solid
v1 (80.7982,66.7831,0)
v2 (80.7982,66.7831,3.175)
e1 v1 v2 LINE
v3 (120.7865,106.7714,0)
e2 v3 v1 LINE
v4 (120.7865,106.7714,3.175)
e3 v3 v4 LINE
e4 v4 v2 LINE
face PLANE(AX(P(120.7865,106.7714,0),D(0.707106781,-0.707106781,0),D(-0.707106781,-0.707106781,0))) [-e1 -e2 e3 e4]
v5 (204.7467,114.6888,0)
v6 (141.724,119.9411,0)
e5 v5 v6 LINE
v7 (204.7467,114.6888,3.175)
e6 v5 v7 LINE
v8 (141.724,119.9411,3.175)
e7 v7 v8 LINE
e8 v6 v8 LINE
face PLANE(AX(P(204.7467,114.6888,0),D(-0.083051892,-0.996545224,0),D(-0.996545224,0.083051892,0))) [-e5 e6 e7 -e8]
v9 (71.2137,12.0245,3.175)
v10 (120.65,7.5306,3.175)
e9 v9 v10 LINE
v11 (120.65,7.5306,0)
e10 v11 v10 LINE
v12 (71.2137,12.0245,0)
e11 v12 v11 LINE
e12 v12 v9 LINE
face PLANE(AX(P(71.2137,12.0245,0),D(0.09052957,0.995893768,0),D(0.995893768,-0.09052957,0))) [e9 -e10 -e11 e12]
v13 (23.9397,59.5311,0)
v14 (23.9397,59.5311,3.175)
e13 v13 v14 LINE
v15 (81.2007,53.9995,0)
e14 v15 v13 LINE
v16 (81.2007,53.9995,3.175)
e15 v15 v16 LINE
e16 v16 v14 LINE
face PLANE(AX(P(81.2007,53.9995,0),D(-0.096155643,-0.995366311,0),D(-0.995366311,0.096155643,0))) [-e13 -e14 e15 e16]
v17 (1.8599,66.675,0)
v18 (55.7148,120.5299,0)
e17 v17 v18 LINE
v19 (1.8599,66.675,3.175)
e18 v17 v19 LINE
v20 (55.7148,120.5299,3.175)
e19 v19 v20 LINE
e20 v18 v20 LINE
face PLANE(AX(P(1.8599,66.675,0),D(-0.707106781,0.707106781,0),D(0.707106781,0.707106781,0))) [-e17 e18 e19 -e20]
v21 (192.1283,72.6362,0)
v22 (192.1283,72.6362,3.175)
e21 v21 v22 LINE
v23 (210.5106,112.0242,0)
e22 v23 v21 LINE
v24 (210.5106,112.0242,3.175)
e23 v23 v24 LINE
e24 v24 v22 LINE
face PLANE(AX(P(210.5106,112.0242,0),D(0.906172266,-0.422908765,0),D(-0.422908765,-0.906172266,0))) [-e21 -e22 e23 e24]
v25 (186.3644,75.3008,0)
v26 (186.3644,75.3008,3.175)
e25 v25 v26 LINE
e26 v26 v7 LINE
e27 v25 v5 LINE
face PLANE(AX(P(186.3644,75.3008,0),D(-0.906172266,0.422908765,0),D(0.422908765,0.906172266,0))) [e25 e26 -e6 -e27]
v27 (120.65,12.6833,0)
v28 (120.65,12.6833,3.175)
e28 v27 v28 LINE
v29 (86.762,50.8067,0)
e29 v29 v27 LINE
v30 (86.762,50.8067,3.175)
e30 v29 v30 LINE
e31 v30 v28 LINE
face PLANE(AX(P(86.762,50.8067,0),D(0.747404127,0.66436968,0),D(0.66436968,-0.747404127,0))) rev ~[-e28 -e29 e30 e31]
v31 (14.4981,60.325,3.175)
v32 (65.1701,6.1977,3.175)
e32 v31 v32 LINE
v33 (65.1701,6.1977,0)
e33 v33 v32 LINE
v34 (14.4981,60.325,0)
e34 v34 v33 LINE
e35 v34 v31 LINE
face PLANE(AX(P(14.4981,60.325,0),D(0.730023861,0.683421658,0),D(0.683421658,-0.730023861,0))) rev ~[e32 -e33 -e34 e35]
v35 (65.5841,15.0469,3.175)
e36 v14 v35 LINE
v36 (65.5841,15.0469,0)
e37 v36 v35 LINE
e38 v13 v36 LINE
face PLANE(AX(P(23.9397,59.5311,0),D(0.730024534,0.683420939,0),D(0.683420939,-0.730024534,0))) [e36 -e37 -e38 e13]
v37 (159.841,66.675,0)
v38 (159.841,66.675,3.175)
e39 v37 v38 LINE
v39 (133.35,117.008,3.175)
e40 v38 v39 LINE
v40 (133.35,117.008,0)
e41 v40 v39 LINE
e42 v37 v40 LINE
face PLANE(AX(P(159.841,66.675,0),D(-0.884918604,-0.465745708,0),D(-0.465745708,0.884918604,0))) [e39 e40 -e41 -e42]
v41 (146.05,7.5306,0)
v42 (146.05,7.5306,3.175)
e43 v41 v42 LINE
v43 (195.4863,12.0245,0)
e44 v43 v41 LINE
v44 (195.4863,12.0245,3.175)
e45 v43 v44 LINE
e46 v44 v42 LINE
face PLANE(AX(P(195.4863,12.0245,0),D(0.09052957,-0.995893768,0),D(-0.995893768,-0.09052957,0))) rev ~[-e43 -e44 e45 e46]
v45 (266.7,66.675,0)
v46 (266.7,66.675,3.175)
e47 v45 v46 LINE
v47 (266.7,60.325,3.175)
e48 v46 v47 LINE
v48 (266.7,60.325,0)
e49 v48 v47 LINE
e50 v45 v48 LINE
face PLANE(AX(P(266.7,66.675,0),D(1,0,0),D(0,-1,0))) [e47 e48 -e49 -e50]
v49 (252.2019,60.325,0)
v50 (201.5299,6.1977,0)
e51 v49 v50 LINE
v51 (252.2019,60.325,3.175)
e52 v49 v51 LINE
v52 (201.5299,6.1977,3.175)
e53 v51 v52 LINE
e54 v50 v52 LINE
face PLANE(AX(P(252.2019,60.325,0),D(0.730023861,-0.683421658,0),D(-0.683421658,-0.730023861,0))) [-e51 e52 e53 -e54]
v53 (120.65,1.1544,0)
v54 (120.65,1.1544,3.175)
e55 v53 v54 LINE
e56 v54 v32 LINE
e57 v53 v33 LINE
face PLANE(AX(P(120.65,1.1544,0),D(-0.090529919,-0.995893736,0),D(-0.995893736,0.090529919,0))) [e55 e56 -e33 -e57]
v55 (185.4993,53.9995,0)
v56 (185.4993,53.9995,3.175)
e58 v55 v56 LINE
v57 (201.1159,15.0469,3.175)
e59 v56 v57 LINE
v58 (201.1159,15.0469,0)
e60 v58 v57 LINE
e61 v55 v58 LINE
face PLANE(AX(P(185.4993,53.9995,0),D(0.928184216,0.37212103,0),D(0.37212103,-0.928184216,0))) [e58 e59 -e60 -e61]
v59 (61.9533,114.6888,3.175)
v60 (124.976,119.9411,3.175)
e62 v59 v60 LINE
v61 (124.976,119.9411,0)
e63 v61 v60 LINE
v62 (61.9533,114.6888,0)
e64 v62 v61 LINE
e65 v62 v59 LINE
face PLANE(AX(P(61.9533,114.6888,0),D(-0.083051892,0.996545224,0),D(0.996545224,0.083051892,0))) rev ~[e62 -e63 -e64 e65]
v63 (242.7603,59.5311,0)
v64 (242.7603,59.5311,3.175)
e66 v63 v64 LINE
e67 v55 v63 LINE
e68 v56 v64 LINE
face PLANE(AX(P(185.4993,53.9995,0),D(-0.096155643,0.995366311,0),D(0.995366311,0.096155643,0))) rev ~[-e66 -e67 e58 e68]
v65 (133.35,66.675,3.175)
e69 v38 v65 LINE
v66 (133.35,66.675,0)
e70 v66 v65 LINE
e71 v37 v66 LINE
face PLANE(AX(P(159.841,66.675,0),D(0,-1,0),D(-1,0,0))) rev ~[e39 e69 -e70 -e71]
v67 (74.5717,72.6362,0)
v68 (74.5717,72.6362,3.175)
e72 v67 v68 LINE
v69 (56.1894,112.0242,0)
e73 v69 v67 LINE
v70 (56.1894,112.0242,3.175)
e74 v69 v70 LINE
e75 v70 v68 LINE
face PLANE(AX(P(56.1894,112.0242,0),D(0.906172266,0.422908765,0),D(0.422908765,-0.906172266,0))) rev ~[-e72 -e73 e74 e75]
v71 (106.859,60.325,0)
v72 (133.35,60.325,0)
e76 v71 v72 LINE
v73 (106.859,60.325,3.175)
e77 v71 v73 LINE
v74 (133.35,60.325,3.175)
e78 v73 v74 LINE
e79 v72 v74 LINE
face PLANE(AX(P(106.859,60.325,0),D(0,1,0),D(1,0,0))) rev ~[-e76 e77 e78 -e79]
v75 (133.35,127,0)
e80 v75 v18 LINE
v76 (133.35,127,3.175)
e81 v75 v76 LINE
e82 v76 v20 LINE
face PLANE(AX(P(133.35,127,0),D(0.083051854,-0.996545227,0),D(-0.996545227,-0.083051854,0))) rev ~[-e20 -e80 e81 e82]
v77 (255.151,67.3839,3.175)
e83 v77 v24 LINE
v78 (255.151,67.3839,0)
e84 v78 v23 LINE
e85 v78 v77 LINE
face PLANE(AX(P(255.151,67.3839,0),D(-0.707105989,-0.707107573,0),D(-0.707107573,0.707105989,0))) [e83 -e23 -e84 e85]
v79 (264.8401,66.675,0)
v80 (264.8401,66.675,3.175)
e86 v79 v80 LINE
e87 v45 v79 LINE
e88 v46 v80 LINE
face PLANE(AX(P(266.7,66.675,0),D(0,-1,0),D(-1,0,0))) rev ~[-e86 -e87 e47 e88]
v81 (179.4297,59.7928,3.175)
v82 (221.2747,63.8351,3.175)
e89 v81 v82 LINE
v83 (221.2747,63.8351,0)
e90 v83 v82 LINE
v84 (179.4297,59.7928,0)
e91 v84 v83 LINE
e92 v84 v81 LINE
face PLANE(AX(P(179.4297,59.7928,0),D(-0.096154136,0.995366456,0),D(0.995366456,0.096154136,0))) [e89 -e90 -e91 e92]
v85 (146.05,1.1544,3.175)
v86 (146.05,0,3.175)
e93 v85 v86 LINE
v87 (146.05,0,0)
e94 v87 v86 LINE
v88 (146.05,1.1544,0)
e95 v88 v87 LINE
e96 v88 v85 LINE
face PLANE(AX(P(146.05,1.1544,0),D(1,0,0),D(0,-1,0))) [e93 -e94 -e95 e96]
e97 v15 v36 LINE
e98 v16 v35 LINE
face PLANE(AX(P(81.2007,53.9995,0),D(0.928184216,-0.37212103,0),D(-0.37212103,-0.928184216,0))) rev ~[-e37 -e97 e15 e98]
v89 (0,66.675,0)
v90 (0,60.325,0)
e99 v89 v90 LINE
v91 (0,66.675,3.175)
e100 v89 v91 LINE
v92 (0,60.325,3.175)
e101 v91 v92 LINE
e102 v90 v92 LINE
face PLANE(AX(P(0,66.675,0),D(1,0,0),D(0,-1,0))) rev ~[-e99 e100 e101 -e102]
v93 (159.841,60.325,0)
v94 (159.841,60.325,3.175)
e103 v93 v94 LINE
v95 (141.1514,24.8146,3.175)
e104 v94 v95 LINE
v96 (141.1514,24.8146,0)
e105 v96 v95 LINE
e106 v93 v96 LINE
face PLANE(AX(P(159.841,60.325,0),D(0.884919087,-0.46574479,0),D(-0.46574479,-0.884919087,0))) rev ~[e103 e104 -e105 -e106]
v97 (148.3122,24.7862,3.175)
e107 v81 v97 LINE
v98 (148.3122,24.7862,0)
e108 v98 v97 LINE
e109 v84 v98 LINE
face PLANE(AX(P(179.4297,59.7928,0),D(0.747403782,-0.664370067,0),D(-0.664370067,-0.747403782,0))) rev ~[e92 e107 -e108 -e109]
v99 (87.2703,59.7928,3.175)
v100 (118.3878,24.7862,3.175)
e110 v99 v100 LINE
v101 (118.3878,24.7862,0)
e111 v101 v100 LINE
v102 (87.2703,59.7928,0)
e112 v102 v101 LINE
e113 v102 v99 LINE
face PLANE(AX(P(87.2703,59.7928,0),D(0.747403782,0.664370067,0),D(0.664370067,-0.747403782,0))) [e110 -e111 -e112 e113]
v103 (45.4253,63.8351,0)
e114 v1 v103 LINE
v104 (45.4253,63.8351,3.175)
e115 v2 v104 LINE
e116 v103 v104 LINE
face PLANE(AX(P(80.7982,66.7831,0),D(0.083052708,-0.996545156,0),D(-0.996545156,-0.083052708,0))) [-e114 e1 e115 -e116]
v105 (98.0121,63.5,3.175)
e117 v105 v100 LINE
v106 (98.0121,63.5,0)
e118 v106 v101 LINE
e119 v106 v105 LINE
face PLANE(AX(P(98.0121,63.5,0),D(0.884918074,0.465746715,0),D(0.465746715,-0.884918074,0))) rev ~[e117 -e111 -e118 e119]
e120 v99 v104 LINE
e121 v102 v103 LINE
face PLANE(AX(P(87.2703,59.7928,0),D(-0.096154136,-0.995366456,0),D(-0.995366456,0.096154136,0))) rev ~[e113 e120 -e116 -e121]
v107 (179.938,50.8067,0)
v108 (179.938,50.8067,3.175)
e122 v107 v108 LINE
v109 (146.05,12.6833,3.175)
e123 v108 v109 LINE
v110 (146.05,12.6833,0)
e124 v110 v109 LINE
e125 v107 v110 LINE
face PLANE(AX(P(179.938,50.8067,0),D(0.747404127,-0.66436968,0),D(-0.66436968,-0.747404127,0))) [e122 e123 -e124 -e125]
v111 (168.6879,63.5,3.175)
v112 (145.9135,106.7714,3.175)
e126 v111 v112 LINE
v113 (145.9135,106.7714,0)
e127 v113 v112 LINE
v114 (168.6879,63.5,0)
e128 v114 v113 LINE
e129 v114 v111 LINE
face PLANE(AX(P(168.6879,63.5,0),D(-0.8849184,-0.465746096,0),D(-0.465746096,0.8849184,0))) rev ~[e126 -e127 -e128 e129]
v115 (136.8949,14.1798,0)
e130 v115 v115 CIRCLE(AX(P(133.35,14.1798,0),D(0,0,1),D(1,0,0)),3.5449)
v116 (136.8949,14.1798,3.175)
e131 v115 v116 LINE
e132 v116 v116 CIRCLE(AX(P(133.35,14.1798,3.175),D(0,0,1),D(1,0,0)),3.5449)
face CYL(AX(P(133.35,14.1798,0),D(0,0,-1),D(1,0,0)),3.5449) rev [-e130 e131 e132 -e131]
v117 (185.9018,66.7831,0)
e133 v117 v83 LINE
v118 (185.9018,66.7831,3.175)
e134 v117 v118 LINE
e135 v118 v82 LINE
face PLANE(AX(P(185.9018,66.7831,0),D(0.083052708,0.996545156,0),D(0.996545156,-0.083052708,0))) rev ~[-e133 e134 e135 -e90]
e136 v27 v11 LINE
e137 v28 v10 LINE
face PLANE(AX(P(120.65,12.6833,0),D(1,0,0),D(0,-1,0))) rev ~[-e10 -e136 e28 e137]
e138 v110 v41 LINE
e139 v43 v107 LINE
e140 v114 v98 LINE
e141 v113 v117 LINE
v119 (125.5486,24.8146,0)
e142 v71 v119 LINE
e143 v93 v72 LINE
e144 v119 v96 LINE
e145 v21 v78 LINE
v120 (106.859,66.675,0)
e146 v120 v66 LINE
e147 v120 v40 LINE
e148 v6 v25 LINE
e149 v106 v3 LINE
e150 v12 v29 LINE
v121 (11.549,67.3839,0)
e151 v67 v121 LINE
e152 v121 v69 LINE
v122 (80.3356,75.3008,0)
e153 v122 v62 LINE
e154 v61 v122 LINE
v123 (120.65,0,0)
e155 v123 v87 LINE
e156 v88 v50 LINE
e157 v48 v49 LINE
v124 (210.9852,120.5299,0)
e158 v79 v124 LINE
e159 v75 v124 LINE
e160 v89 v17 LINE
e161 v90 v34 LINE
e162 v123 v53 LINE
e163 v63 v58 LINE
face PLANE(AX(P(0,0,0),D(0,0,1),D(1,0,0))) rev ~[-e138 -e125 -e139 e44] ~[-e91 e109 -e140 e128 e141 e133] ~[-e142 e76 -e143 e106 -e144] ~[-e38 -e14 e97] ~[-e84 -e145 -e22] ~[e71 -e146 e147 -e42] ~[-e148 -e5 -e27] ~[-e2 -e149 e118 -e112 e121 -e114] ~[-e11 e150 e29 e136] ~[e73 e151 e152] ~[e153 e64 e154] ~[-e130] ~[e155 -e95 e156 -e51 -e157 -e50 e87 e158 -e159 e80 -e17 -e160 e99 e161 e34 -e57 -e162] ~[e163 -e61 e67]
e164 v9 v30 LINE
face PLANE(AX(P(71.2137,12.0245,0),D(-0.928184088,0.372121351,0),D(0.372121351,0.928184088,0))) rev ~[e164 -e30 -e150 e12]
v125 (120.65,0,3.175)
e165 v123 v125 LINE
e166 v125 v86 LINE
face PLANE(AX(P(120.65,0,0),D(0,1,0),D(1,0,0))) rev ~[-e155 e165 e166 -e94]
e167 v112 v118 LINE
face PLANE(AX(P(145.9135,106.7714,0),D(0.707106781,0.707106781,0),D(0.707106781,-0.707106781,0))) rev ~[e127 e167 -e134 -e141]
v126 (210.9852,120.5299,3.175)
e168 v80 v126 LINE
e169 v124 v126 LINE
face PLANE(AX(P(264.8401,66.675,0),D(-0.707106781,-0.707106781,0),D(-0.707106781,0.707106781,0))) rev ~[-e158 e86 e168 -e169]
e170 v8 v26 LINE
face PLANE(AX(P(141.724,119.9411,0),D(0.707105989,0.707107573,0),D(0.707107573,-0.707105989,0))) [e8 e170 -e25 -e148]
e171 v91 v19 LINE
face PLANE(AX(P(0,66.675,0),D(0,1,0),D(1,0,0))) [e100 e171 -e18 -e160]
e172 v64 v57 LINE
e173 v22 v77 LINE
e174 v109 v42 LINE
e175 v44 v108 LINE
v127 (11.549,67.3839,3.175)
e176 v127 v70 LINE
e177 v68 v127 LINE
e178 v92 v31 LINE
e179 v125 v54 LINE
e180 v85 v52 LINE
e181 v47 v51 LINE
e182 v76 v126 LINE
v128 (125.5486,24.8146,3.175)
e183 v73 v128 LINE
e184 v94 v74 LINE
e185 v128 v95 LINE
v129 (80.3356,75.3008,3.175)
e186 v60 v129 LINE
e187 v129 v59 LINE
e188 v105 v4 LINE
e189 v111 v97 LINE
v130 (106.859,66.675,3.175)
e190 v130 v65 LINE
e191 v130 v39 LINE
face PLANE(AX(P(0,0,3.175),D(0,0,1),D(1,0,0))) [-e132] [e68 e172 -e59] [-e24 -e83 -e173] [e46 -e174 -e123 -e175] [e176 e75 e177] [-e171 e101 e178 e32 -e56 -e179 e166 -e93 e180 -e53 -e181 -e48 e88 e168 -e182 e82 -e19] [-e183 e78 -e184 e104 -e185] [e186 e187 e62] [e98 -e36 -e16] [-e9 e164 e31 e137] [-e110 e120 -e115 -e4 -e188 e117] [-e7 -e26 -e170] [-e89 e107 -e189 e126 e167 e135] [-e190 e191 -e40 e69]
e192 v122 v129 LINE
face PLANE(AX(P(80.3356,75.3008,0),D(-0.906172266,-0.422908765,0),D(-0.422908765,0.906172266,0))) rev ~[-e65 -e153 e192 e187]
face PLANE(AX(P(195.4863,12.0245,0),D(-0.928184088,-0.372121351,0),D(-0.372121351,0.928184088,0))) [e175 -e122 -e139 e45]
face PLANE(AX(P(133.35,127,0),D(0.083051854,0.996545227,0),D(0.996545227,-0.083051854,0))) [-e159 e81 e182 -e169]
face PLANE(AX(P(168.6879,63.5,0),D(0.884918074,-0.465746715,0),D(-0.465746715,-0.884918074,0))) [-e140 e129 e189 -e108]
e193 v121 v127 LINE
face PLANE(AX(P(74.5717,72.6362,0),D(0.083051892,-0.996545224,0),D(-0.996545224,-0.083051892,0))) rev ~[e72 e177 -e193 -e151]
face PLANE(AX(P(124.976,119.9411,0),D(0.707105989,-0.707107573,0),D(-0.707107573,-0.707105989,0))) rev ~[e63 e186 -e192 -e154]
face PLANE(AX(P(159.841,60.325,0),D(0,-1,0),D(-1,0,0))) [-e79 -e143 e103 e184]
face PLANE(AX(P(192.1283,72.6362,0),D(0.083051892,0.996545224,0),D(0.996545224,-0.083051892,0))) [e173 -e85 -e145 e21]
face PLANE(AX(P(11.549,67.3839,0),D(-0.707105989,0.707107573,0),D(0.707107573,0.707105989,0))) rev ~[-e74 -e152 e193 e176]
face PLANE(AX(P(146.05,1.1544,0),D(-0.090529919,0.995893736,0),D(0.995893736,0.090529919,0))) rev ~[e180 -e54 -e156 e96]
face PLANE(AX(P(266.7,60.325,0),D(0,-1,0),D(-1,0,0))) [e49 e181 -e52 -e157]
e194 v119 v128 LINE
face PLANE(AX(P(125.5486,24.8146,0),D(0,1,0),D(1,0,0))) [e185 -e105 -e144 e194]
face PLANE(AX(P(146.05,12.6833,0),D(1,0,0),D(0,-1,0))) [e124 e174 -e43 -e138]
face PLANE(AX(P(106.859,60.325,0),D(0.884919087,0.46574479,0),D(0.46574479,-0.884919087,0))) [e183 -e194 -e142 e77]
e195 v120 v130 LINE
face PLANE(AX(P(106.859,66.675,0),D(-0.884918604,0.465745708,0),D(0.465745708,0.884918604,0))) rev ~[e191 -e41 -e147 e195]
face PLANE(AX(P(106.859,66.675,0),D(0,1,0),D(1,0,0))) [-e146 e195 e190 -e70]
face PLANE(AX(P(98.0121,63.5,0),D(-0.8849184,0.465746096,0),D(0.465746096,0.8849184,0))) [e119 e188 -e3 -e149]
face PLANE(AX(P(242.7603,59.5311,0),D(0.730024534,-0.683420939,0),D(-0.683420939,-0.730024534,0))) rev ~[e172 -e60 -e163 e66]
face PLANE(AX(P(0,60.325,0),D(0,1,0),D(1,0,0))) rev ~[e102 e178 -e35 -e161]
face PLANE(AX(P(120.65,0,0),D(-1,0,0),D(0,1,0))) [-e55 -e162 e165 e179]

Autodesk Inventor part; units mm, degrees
ref_plane "YZ Plane" through (0, 0, 0) normal (1, 0, 0) x (0, 1, 0)
ref_plane "XZ Plane" through (0, 0, 0) normal (0, 1, 0) x (-1, 0, 0)
ref_plane "XY Plane" through (0, 0, 0) normal (0, 0, 1) x (1, 0, 0)
sketch "Sketch1" plane through (0, 0, 0) normal (0, 0, 1) x (1, 0, 0)
  line L0 (0, 0) -> (266.7, 0) construction
  line L1 (266.7, 0) -> (266.7, 127) construction
  line L2 (266.7, 127) -> (0, 127) construction
  line L3 (0, 127) -> (0, 0) construction
  line L4 (3.175, 63.5) -> (57.1495, 117.4745) construction
  line L5 (3.175, 63.5) -> (61.6477, 63.5) construction
  line L6 (133.35, 123.825) -> (209.5505, 117.4745) construction
  line L7 (133.35, 123.825) -> (154.8013, 123.825) construction
  line L8 (133.35, 123.825) -> (57.1495, 117.4745) construction
  line L9 (133.35, 123.825) -> (241.0197, 123.825) construction
  line L10 (133.35, 123.825) -> (79.3755, 69.8505) construction
  line L11 (3.175, 63.5) -> (79.3755, 69.8505) construction
  line L12 (3.175, 63.5) -> (58.3803, 63.5) construction
  line L13 (57.1495, 117.4745) -> (79.3755, 69.8505) construction
  line L14 (263.525, 63.5) -> (334.0804, 63.5) construction
  line L15 (263.525, 63.5) -> (356.1825, 63.5) construction
  line L16 (263.525, 63.5) -> (209.5505, 117.4745) construction
  line L17 (133.35, 123.825) -> (187.3245, 69.8505) construction
  line L18 (263.525, 63.5) -> (187.3245, 69.8505) construction
  line L19 (263.525, 63.5) -> (382.9611, 63.5) construction
  line L20 (187.3245, 69.8505) -> (209.5505, 117.4745) construction
  line L21 (101.6, 63.5) -> (165.1, 63.5) construction
  line L22 (133.35, 123.825) -> (101.6, 63.5) construction
  line L23 (165.1, 63.5) -> (133.35, 123.825) construction
  line L24 (101.6, 63.5) -> (133.35, 3.175) construction
  line L25 (133.35, 3.175) -> (165.1, 63.5) construction
  line L26 (133.35, 3.175) -> (85.725, 56.7523) construction
  line L27 (133.35, 3.175) -> (205.0345, 3.175) construction
  line L28 (133.35, 3.175) -> (233.6369, 3.175) construction
  line L29 (133.35, 3.175) -> (66.675, 9.2359) construction
  line L30 (133.35, 3.175) -> (200.2999, 3.175) construction
  line L31 (66.675, 9.2359) -> (85.725, 56.7523) construction
  line L32 (3.175, 63.5) -> (15.875, 63.5) construction
  line L33 (15.875, 63.5) -> (66.675, 9.2359) construction
  line L34 (85.725, 56.7523) -> (15.875, 63.5) construction
  line L35 (133.35, 3.175) -> (133.35, 50.0944) construction
  line L36 (133.35, 3.175) -> (180.975, 56.7523) construction
  line L37 (133.35, 3.175) -> (200.025, 9.2359) construction
  line L38 (200.025, 9.2359) -> (180.975, 56.7523) construction
  line L39 (263.525, 63.5) -> (250.825, 63.5) construction
  line L40 (250.825, 63.5) -> (200.025, 9.2359) construction
  line L41 (180.975, 56.7523) -> (250.825, 63.5) construction
  line L42 (120.65, 0) -> (146.05, 0)
  circle A0 centre (133.35, 14.1798) radius 3.5449
  line L43 (0, 60.325) -> (14.4981, 60.325)
  line L44 (11.549, 67.3839) -> (56.1894, 112.0242)
  line L45 (56.1894, 112.0242) -> (74.5717, 72.6362)
  line L46 (74.5717, 72.6362) -> (11.549, 67.3839)
  line L47 (61.9533, 114.6888) -> (124.976, 119.9411)
  line L48 (124.976, 119.9411) -> (80.3356, 75.3008)
  line L49 (80.3356, 75.3008) -> (61.9533, 114.6888)
  line L50 (133.35, 127) -> (55.7148, 120.5299)
  line L51 (0, 66.675) -> (1.8599, 66.675)
  line L52 (1.8599, 66.675) -> (55.7148, 120.5299)
  line L53 (120.7865, 106.7714) -> (80.7982, 66.7831)
  line L54 (80.7982, 66.7831) -> (45.4253, 63.8351)
  line L55 (87.2703, 59.7928) -> (45.4253, 63.8351)
  line L56 (87.2703, 59.7928) -> (118.3878, 24.7862)
  line L57 (81.2007, 53.9995) -> (23.9397, 59.5311)
  line L58 (23.9397, 59.5311) -> (65.5841, 15.0469)
  line L59 (81.2007, 53.9995) -> (65.5841, 15.0469)
  line L60 (14.4981, 60.325) -> (65.1701, 6.1977)
  line L61 (0, 66.675) -> (0, 60.325)
  line L62 (120.65, 1.1544) -> (65.1701, 6.1977)
  line L63 (71.2137, 12.0245) -> (86.762, 50.8067)
  line L64 (86.762, 50.8067) -> (120.65, 12.6833)
  line L65 (71.2137, 12.0245) -> (120.65, 7.5306)
  line L66 (120.65, 0) -> (120.65, 1.1544)
  line L67 (120.65, 12.6833) -> (120.65, 7.5306)
  line L68 (98.0121, 63.5) -> (118.3878, 24.7862)
  line L69 (98.0121, 63.5) -> (120.7865, 106.7714)
  line L70 (106.859, 60.325) -> (125.5486, 24.8146)
  line L71 (106.859, 66.675) -> (133.35, 117.008)
  line L72 (125.5486, 24.8146) -> (141.1514, 24.8146)
  line L73 (106.859, 60.325) -> (133.35, 60.325)
  line L74 (106.859, 66.675) -> (133.35, 66.675)
  line L75 (266.7, 60.325) -> (252.2019, 60.325)
  line L76 (255.151, 67.3839) -> (210.5106, 112.0242)
  line L77 (210.5106, 112.0242) -> (192.1283, 72.6362)
  line L78 (192.1283, 72.6362) -> (255.151, 67.3839)
  line L79 (204.7467, 114.6888) -> (141.724, 119.9411)
  line L80 (141.724, 119.9411) -> (186.3644, 75.3008)
  line L81 (186.3644, 75.3008) -> (204.7467, 114.6888)
  line L82 (133.35, 127) -> (210.9852, 120.5299)
  line L83 (266.7, 66.675) -> (264.8401, 66.675)
  line L84 (264.8401, 66.675) -> (210.9852, 120.5299)
  line L85 (145.9135, 106.7714) -> (185.9018, 66.7831)
  line L86 (185.9018, 66.7831) -> (221.2747, 63.8351)
  line L87 (179.4297, 59.7928) -> (221.2747, 63.8351)
  line L88 (179.4297, 59.7928) -> (148.3122, 24.7862)
  line L89 (185.4993, 53.9995) -> (242.7603, 59.5311)
  line L90 (242.7603, 59.5311) -> (201.1159, 15.0469)
  line L91 (185.4993, 53.9995) -> (201.1159, 15.0469)
  line L92 (252.2019, 60.325) -> (201.5299, 6.1977)
  line L93 (146.05, 1.1544) -> (201.5299, 6.1977)
  line L94 (195.4863, 12.0245) -> (179.938, 50.8067)
  line L95 (179.938, 50.8067) -> (146.05, 12.6833)
  line L96 (195.4863, 12.0245) -> (146.05, 7.5306)
  line L97 (168.6879, 63.5) -> (148.3122, 24.7862)
  line L98 (168.6879, 63.5) -> (145.9135, 106.7714)
  line L99 (159.841, 60.325) -> (141.1514, 24.8146)
  line L100 (159.841, 66.675) -> (133.35, 117.008)
  line L101 (159.841, 60.325) -> (133.35, 60.325)
  line L102 (159.841, 66.675) -> (133.35, 66.675)
  line L103 (266.7, 66.675) -> (266.7, 60.325)
  line L104 (146.05, 12.6833) -> (146.05, 7.5306)
  line L105 (146.05, 1.1544) -> (146.05, 0)
  dimension "d1" = 266.7
  dimension "d2" = 127
  dimension "d4" = 45
  dimension "d6" = 4.764
  dimension "d7" = 175.236
  dimension "d9" = 4.764
  dimension "d10" = 63.5
  dimension "d11" = 133.35
  dimension "d12" = 3.175
  dimension "d13" = 135
  dimension "d14" = 3.175
  dimension "d17" = 3.175
  dimension "d18" = 63.5
  dimension "d19" = 175.236
  dimension "d20" = 45
  dimension "d21" = 45
  dimension "d22" = 31.75
  dimension "d23" = 31.75
  dimension "d24" = 60.325
  dimension "d25" = 133.35
  dimension "d26" = 3.175
  dimension "d27" = 131.634
  dimension "d29" = 174.806
  dimension "d30" = 66.675
  dimension "d31" = 47.625
  dimension "d32" = 12.7
  dimension "d33" = 120.65
  dimension "d34" = 25.4
  dimension "d37" = 14.1798
  dimension "d38" = 7.0899
  dimension "d46" = 3.175
  dimension "d47" = 3.175
  dimension "d48" = 3.175
  dimension "d49" = 3.175
  dimension "d50" = 3.175
  dimension "d53" = 6.35
  dimension "d55" = 6.35
  dimension "d56" = 6.35
  dimension "d57" = 3.175
  dimension "d58" = 6.35
  dimension "d59" = 6.35
  dimension "d60" = 3.175
  dimension "d61" = 3.175
  dimension "d62" = 6.35
  dimension "d63" = 3.175
  dimension "d67" = 6.35
  dimension "d68" = 3.175
  dimension "d69" = 6.35
  dimension "d70" = 6.35
  dimension "d71" = 6.35
  dimension "d72" = 3.175
  dimension "d73" = 3.175
  dimension "d74" = 6.35
  dimension "d75" = 6.35
  dimension "d76" = 3.175
  dimension "d77" = 26.4911
  dimension "d78" = 6.35
extrude "Extrusion1" add sketch "Sketch1" along normal blind 3.175
properties part number "Eye Truss Final"
